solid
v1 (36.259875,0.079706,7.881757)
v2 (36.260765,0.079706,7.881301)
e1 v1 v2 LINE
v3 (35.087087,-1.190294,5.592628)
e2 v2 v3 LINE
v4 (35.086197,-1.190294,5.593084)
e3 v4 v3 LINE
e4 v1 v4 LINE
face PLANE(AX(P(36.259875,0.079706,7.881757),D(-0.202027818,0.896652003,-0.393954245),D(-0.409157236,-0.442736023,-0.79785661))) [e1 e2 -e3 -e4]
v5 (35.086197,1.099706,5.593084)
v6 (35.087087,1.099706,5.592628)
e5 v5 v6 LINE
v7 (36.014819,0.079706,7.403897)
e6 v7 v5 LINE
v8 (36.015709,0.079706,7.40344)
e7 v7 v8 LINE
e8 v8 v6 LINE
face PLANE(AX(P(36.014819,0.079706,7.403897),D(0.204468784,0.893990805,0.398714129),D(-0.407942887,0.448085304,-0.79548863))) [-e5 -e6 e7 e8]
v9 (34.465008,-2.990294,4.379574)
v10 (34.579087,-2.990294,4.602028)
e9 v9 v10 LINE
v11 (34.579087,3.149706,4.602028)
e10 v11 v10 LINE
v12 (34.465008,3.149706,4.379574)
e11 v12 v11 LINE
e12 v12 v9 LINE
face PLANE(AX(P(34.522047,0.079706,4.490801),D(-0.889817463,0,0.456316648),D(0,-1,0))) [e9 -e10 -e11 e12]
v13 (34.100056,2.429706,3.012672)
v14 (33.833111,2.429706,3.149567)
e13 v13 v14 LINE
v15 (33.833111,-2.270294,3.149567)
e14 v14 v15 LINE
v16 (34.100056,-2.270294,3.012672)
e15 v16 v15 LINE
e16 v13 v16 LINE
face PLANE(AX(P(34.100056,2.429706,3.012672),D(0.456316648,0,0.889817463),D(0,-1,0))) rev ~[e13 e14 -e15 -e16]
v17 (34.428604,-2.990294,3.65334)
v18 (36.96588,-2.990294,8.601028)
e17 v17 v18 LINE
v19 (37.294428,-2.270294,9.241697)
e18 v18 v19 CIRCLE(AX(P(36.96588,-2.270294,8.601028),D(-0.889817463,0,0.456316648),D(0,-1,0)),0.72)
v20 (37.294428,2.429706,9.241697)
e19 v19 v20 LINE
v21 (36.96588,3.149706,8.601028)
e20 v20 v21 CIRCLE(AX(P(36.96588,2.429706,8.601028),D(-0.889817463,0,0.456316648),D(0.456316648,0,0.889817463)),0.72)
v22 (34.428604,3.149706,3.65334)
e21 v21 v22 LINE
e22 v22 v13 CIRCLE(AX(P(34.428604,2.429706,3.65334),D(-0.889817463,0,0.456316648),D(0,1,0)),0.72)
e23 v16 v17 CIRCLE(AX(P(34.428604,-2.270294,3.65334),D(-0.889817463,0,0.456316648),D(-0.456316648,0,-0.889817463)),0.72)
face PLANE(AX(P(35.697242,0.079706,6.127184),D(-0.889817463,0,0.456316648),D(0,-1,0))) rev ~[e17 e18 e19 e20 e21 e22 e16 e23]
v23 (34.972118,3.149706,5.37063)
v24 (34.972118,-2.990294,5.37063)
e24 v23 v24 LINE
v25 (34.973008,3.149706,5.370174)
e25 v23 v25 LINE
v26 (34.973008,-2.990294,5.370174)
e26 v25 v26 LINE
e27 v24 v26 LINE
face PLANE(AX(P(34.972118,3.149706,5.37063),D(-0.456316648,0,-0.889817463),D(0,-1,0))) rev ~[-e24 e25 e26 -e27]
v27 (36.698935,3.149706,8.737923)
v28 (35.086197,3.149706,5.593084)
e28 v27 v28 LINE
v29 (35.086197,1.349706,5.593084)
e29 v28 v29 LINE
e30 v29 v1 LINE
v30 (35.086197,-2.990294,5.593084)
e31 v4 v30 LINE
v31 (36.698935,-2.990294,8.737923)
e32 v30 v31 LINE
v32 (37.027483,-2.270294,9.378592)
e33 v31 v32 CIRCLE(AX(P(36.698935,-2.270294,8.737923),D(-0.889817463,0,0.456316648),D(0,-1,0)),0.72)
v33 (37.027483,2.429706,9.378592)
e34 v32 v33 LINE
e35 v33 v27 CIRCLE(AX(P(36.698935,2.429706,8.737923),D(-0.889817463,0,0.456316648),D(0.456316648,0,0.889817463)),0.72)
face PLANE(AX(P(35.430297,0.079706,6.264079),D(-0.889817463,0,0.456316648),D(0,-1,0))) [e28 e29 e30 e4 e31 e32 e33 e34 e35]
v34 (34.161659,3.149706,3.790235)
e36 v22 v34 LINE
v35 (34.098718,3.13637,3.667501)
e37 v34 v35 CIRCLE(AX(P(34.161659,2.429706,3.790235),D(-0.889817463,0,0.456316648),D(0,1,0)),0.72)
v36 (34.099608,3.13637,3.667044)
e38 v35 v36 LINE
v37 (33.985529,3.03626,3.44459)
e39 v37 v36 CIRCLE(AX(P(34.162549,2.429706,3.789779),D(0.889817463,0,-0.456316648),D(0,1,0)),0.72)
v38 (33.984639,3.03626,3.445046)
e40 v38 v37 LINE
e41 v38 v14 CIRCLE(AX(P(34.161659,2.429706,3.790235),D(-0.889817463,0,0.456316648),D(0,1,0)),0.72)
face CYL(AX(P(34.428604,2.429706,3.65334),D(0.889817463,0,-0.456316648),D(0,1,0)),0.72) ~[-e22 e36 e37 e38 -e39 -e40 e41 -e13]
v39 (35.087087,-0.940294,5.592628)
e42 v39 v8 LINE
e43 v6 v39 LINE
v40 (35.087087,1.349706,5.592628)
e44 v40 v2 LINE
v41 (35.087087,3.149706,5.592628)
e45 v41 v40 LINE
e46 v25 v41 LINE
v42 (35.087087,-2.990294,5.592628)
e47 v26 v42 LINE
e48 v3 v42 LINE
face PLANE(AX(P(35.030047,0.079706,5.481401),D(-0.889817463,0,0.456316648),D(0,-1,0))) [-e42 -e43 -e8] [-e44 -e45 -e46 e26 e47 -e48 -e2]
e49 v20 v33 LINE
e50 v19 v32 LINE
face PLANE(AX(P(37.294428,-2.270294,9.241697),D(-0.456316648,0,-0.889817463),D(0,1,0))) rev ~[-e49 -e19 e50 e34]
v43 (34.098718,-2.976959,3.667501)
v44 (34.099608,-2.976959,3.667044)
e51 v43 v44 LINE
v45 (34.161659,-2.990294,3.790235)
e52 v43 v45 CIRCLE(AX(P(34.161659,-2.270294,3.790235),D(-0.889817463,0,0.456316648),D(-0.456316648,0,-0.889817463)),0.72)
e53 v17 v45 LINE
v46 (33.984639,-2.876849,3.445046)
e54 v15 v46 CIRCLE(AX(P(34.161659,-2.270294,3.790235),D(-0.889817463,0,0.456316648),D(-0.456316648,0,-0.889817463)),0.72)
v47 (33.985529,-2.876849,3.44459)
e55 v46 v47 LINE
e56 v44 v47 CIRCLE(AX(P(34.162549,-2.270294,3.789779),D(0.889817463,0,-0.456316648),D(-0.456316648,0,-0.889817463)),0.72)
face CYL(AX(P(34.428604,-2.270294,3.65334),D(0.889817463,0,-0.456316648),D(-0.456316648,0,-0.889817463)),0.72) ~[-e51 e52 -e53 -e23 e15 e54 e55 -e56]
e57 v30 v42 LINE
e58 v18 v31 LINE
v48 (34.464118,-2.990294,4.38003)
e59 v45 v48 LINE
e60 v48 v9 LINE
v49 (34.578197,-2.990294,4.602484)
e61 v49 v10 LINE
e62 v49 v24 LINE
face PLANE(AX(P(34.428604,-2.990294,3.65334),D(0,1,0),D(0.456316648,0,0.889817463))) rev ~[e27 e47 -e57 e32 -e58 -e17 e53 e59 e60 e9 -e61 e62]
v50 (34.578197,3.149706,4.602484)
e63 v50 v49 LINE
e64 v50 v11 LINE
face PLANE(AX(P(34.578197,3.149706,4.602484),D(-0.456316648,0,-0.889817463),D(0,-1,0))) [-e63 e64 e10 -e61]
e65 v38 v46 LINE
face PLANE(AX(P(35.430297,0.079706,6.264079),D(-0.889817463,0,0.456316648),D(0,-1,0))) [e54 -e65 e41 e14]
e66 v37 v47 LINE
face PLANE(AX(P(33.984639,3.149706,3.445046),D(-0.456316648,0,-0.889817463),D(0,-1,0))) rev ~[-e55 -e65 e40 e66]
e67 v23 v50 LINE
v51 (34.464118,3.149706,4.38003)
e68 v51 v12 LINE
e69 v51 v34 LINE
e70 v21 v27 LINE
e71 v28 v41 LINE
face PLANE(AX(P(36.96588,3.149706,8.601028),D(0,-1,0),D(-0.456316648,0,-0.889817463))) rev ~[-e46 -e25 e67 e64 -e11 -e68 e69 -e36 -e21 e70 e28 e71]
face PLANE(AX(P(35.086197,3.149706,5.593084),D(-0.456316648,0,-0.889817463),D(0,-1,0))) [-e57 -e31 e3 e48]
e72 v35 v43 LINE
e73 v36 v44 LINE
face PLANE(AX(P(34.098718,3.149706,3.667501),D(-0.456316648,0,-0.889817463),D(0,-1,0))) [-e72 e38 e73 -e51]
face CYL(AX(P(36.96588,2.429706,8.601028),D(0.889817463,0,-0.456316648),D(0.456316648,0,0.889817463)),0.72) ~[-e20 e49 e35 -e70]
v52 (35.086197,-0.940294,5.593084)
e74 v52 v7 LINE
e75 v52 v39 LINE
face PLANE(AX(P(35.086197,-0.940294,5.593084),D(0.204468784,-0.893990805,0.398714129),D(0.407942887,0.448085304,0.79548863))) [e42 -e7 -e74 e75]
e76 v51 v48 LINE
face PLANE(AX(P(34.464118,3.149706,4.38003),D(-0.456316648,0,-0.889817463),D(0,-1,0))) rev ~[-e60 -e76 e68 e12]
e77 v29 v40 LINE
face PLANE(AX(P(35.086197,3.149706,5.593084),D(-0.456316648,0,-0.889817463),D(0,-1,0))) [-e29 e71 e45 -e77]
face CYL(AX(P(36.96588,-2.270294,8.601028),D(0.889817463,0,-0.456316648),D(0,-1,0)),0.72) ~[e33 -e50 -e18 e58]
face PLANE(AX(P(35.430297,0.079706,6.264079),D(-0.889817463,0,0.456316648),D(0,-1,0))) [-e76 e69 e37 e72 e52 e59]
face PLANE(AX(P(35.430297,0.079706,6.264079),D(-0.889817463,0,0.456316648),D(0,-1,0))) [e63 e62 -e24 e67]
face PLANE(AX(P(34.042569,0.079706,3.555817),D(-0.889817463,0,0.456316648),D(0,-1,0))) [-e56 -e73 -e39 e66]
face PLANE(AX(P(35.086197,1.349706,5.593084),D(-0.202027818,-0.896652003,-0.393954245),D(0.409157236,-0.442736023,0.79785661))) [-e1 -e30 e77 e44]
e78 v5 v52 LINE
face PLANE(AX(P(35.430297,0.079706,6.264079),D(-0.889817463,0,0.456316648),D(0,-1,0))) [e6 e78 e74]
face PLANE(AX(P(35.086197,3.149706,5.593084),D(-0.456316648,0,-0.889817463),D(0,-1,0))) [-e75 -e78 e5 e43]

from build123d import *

# Parameters (mm, degrees)
PAD003_DEPTH    = 0.3
SKETCH013_W     = 6.14
SKETCH013_H     = 0.25
POCKET009_DEPTH = 0.001
POCKET010_DEPTH = 0.001


with BuildPart() as part:
    # Sketch012 (on Face1 of Binder003) → Pad003 (new body)
    with BuildSketch(Plane(origin=(25.7763153586, 0, -13.2186232608), x_dir=(0, -1, 0), z_dir=(-0.8898174628, 0, 0.4563166476))):
        with BuildLine():
            Line((-3.1497057125, 24.5214914082), (-3.1497057125, 18.9611513515))
            ThreePointArc((-3.1497057125, 18.9611513515), (-2.9388225949, 18.452034469), (-2.4297057125, 18.2411513515))
            Line((-2.4297057125, 18.2411513515), (2.2702942875, 18.2411513515))
            ThreePointArc((2.2702942875, 18.2411513515), (2.77941117, 18.452034469), (2.9902942875, 18.9611513515))
            Line((2.9902942875, 18.9611513515), (2.9902942875, 24.5214914082))
            ThreePointArc((2.9902942875, 24.5214914082), (2.77941117, 25.0306082907), (2.2702942875, 25.2414914082))
            Line((2.2702942875, 25.2414914082), (-2.4297057125, 25.2414914082))
            ThreePointArc((-2.4297057125, 25.2414914082), (-2.9388225949, 25.0306082907), (-3.1497057125, 24.5214914082))
        make_face()
    extrude(amount=PAD003_DEPTH)

    # Sketch013 (on Face10 of Pad003) → Pocket009 (cut)
    with BuildSketch(Plane(origin=(25.5093701197, 0, -13.0817282665), x_dir=(0, -1, 0), z_dir=(-0.8898174628, 0, 0.4563166476))):
        with Locations((-0.0797057125, 19.748978)):
            Rectangle(SKETCH013_W, SKETCH013_H)
        with Locations((-0.0797057125, 18.698219)):
            Rectangle(SKETCH013_W, SKETCH013_H)
        with Locations((-0.0797057125, 20.86224)):
            Rectangle(SKETCH013_W, SKETCH013_H)
    extrude(amount=-POCKET009_DEPTH, mode=Mode.SUBTRACT)

    # Sketch014 (on Face12 of Pocket009) → Pocket010 (cut)
    with BuildSketch(Plane(origin=(25.5093701197, 0, -13.0817282665), x_dir=(0, -1, 0), z_dir=(-0.8898174628, 0, 0.4563166476))):
        Polygon((-1.0997057125, 20.98724), (-1.3497057125, 20.98724), (-0.0797057125, 23.55931), (1.1902942875, 20.98724), (0.9402942875, 20.98724), (-0.0797057125, 23.022278), align=None)
    extrude(amount=-POCKET010_DEPTH, mode=Mode.SUBTRACT)


solid = part.part
